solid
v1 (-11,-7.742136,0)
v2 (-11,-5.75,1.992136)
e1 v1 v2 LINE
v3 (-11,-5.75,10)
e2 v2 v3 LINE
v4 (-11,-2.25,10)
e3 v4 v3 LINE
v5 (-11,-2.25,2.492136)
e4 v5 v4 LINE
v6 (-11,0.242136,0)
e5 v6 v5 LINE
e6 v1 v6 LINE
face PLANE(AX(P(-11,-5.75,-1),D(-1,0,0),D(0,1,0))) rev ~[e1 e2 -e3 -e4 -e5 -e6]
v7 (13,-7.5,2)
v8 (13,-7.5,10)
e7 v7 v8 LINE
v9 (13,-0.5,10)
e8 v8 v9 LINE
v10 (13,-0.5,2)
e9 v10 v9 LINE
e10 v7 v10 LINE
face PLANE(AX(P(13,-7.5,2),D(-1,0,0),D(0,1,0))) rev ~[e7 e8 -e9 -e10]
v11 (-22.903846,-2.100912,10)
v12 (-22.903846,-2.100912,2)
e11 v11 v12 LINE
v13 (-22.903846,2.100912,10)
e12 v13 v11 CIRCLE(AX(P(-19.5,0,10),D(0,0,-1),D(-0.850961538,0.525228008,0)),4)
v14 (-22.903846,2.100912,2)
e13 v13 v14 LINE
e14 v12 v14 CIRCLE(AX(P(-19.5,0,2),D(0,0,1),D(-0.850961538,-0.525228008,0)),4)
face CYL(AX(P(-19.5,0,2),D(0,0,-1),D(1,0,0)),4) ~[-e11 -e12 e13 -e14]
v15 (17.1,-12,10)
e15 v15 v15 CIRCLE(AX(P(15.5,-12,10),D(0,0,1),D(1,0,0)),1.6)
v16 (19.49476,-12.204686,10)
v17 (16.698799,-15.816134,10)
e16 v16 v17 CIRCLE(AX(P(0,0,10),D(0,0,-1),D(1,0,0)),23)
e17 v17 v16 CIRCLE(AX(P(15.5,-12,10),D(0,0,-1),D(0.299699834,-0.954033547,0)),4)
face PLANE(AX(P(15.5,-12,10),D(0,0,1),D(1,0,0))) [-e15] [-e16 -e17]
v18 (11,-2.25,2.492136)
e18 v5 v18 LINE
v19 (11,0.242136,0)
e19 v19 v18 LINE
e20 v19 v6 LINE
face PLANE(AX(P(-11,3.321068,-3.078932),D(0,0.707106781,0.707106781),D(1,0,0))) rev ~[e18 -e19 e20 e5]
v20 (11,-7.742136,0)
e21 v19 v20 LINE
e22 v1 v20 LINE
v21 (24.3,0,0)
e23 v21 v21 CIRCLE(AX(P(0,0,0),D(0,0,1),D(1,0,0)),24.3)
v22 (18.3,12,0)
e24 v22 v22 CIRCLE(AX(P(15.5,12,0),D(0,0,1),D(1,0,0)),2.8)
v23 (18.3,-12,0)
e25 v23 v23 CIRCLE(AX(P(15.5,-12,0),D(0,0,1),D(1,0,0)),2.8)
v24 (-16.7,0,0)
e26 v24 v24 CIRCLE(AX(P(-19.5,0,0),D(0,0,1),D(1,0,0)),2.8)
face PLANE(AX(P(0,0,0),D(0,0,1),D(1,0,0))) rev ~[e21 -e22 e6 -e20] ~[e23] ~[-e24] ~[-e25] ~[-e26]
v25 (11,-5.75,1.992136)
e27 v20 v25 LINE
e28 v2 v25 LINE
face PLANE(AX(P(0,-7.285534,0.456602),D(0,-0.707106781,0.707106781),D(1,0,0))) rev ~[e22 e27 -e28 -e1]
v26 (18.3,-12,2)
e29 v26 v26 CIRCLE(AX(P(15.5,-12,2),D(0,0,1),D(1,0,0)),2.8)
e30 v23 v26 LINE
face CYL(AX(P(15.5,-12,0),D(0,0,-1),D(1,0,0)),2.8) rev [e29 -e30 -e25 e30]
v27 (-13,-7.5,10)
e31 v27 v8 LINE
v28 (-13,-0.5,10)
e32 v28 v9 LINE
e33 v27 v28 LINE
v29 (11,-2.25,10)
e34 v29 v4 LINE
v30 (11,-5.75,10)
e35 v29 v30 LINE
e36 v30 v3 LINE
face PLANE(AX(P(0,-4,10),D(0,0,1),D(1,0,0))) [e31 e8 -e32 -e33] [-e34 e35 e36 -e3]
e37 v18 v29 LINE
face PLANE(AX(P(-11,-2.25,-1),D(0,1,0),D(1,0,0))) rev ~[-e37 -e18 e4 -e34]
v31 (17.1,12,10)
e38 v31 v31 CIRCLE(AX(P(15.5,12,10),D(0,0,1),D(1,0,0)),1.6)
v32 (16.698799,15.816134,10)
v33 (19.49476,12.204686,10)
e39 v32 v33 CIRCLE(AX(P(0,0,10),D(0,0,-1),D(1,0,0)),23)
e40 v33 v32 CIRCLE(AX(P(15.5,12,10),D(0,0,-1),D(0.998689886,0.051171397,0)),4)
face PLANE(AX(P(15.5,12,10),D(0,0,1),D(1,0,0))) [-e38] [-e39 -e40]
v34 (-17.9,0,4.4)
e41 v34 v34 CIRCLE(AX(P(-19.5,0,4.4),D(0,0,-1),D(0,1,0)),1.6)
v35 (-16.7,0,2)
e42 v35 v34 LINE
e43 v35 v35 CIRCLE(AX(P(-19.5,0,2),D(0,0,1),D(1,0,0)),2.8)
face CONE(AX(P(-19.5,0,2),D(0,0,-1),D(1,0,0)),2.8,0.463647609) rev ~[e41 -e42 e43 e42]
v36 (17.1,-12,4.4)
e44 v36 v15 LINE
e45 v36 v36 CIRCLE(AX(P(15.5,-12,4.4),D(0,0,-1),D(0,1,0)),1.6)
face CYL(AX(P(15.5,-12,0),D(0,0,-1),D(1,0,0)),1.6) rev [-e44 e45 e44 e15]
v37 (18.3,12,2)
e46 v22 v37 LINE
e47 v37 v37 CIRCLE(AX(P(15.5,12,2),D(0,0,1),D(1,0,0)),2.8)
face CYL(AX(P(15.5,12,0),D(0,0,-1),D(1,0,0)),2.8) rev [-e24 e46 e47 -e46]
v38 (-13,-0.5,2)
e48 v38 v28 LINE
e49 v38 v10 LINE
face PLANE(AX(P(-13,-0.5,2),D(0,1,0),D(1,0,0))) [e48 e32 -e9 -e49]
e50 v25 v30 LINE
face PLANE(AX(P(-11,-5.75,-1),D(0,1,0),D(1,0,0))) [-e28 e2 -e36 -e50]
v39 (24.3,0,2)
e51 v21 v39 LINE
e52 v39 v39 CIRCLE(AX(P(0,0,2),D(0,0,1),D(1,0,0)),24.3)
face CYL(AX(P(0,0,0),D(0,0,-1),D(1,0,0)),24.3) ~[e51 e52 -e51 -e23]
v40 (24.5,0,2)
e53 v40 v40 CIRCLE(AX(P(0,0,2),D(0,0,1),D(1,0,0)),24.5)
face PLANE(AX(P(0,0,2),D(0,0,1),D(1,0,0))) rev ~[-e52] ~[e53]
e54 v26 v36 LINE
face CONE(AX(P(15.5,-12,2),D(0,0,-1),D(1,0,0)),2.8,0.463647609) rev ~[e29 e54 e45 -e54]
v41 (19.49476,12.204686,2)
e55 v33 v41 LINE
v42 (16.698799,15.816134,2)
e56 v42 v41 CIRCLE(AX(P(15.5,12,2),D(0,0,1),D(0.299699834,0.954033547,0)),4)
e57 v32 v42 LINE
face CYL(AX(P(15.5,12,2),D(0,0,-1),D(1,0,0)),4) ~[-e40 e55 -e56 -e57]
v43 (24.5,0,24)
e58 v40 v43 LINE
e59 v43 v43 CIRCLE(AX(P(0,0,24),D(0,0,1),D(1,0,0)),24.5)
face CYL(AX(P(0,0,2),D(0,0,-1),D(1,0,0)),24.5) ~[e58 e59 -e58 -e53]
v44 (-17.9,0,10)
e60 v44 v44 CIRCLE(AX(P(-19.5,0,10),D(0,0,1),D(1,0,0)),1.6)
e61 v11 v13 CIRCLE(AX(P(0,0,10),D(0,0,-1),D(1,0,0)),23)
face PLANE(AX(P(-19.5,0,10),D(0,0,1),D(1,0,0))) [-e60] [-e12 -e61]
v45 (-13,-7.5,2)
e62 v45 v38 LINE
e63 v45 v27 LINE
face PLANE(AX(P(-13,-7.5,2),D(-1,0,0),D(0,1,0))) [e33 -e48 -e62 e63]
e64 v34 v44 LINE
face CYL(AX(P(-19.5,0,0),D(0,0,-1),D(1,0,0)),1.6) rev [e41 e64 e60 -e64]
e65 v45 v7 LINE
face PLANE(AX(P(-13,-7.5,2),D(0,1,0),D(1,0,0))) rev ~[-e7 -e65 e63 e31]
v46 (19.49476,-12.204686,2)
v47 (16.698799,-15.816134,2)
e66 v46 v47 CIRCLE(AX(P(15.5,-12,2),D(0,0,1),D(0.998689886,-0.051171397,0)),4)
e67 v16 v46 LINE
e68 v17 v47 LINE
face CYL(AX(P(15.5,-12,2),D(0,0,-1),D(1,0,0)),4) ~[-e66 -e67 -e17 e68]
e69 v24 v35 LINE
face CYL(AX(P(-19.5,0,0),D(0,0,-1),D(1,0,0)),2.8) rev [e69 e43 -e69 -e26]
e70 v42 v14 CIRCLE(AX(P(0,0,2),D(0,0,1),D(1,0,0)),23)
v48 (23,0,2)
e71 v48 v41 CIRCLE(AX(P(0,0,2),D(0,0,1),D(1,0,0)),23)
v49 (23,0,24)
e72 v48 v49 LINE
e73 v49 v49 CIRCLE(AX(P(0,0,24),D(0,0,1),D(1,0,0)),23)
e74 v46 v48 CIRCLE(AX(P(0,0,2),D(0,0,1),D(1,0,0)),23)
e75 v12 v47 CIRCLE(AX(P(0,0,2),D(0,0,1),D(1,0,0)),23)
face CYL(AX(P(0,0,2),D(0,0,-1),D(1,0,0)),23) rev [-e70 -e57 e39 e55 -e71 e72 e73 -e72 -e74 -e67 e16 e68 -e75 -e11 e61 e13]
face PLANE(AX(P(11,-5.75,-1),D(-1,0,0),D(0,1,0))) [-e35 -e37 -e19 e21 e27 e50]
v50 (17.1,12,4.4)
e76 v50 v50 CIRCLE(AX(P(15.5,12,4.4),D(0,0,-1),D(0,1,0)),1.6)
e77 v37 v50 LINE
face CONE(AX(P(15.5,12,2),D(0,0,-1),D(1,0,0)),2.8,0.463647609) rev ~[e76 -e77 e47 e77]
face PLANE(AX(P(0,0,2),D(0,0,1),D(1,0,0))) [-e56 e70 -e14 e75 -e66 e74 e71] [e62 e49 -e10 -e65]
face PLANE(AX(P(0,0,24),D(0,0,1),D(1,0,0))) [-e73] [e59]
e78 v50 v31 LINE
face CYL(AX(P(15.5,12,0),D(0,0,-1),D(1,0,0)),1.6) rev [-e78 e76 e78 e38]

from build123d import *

# Parameters (mm, degrees)
BOX002_W               = 22
BOX002_H               = 10
BOX002_DEPTH           = 10
BOX002_PLACEMENT_ANGLE = 45
CYLINDER010_R          = 1.6
CYLINDER010_DEPTH      = 10
CYLINDER009_R          = 2.8
CYLINDER009_DEPTH      = 2
CYLINDER008_R          = 4
CYLINDER008_DEPTH      = 8
CYLINDER007_R          = 1.6
CYLINDER007_DEPTH      = 10
CYLINDER006_R          = 2.8
CYLINDER006_DEPTH      = 2
CYLINDER005_R          = 4
CYLINDER005_DEPTH      = 8
CYLINDER004_R          = 1.6
CYLINDER004_DEPTH      = 10
CYLINDER003_R          = 2.8
CYLINDER003_DEPTH      = 2
CYLINDER001_R          = 4
CYLINDER001_DEPTH      = 8
BOX001_W               = 22
BOX001_H               = 3.5
BOX001_DEPTH           = 15
BOX_W                  = 26
BOX_H                  = 7
BOX_DEPTH              = 8
TUBE_R                 = 24.5
TUBE_R_2               = 23
TUBE_DEPTH             = 22
CYLINDER_R             = 24.3
CYLINDER_DEPTH         = 2


with BuildPart() as box002:
    # Box002 → Box002 (new body)
    with BuildSketch(Plane.XY):
        with Locations((11, 5)):
            Rectangle(BOX002_W, BOX002_H)
    extrude(amount=BOX002_DEPTH)


with BuildPart() as box002_1:
    # Box002 placement: moved
    add(box002.part.moved(Location((-11, -3.75, -10.15))).rotate(Axis((-11, -3.75, -10.15), (1, 0, 0)), BOX002_PLACEMENT_ANGLE))


with BuildPart() as cylinder010:
    # Cylinder010 → Cylinder010 (new body)
    with BuildSketch(Plane(origin=(15.5, -12, 0), x_dir=(1, 0, 0), z_dir=(0, 0, 1))):
        Circle(CYLINDER010_R)
    extrude(amount=CYLINDER010_DEPTH)


with BuildPart() as cone002:
    # Cone002 → Cone002 (revolve)
    with BuildSketch(Plane(origin=(15.5, -12, 2), x_dir=(1, 0, 0), z_dir=(0, -1, 0))):
        Polygon((0, 0), (2.8, 0), (0, 5.6), align=None)
    revolve(axis=Axis((15.5, -12, 2), (0, 0, 1)))


with BuildPart() as cylinder009:
    # Cylinder009 → Cylinder009 (new body)
    with BuildSketch(Plane(origin=(15.5, -12, 0), x_dir=(1, 0, 0), z_dir=(0, 0, 1))):
        Circle(CYLINDER009_R)
    extrude(amount=CYLINDER009_DEPTH)


with BuildPart() as cylinder008:
    # Cylinder008 → Cylinder008 (new body)
    with BuildSketch(Plane(origin=(15.5, -12, 2), x_dir=(1, 0, 0), z_dir=(0, 0, 1))):
        Circle(CYLINDER008_R)
    extrude(amount=CYLINDER008_DEPTH)


with BuildPart() as cylinder007:
    # Cylinder007 → Cylinder007 (new body)
    with BuildSketch(Plane(origin=(15.5, 12, 0), x_dir=(1, 0, 0), z_dir=(0, 0, 1))):
        Circle(CYLINDER007_R)
    extrude(amount=CYLINDER007_DEPTH)


with BuildPart() as cone001:
    # Cone001 → Cone001 (revolve)
    with BuildSketch(Plane(origin=(15.5, 12, 2), x_dir=(1, 0, 0), z_dir=(0, -1, 0))):
        Polygon((0, 0), (2.8, 0), (0, 5.6), align=None)
    revolve(axis=Axis((15.5, 12, 2), (0, 0, 1)))


with BuildPart() as cylinder006:
    # Cylinder006 → Cylinder006 (new body)
    with BuildSketch(Plane(origin=(15.5, 12, 0), x_dir=(1, 0, 0), z_dir=(0, 0, 1))):
        Circle(CYLINDER006_R)
    extrude(amount=CYLINDER006_DEPTH)


with BuildPart() as cylinder005:
    # Cylinder005 → Cylinder005 (new body)
    with BuildSketch(Plane(origin=(15.5, 12, 2), x_dir=(1, 0, 0), z_dir=(0, 0, 1))):
        Circle(CYLINDER005_R)
    extrude(amount=CYLINDER005_DEPTH)


with BuildPart() as cylinder004:
    # Cylinder004 → Cylinder004 (new body)
    with BuildSketch(Plane(origin=(-19.5, 0, 0), x_dir=(1, 0, 0), z_dir=(0, 0, 1))):
        Circle(CYLINDER004_R)
    extrude(amount=CYLINDER004_DEPTH)


with BuildPart() as cone:
    # Cone → Cone (revolve)
    with BuildSketch(Plane(origin=(-19.5, 0, 2), x_dir=(1, 0, 0), z_dir=(0, -1, 0))):
        Polygon((0, 0), (2.8, 0), (0, 5.6), align=None)
    revolve(axis=Axis((-19.5, 0, 2), (0, 0, 1)))


with BuildPart() as cylinder003:
    # Cylinder003 → Cylinder003 (new body)
    with BuildSketch(Plane(origin=(-19.5, 0, 0), x_dir=(1, 0, 0), z_dir=(0, 0, 1))):
        Circle(CYLINDER003_R)
    extrude(amount=CYLINDER003_DEPTH)


with BuildPart() as cylinder001:
    # Cylinder001 → Cylinder001 (new body)
    with BuildSketch(Plane(origin=(-19.5, 0, 2), x_dir=(1, 0, 0), z_dir=(0, 0, 1))):
        Circle(CYLINDER001_R)
    extrude(amount=CYLINDER001_DEPTH)


with BuildPart() as box001:
    # Box001 → Box001 (new body)
    with BuildSketch(Plane(origin=(-11, -5.75, -1), x_dir=(1, 0, 0), z_dir=(0, 0, 1))):
        with Locations((11, 1.75)):
            Rectangle(BOX001_W, BOX001_H)
    extrude(amount=BOX001_DEPTH)


with BuildPart() as box:
    # Box → Box (new body)
    with BuildSketch(Plane(origin=(-13, -7.5, 2), x_dir=(1, 0, 0), z_dir=(0, 0, 1))):
        with Locations((13, 3.5)):
            Rectangle(BOX_W, BOX_H)
    extrude(amount=BOX_DEPTH)


with BuildPart() as tube:
    # Tube → Tube (new body)
    with BuildSketch(Plane.XY.offset(2)):
        Circle(TUBE_R)
        Circle(TUBE_R_2, mode=Mode.SUBTRACT)
    extrude(amount=TUBE_DEPTH)


with BuildPart() as cut010:
    # Cylinder → Cylinder (new body)
    with BuildSketch(Plane.XY):
        Circle(CYLINDER_R)
    extrude(amount=CYLINDER_DEPTH)

    # Fusion: union Tube
    add(tube.part)

    # Fusion001: union Box
    add(box.part)

    # Cut: cut Box001
    add(box001.part, mode=Mode.SUBTRACT)

    # Fusion002: union Cylinder001
    add(cylinder001.part)

    # Cut001: cut Cylinder003
    add(cylinder003.part, mode=Mode.SUBTRACT)

    # Cut002: cut Cone
    add(cone.part, mode=Mode.SUBTRACT)

    # Cut003: cut Cylinder004
    add(cylinder004.part, mode=Mode.SUBTRACT)

    # Fusion003: union Cylinder005
    add(cylinder005.part)

    # Cut004: cut Cylinder006
    add(cylinder006.part, mode=Mode.SUBTRACT)

    # Cut005: cut Cone001
    add(cone001.part, mode=Mode.SUBTRACT)

    # Cut006: cut Cylinder007
    add(cylinder007.part, mode=Mode.SUBTRACT)

    # Fusion004: union Cylinder008
    add(cylinder008.part)

    # Cut007: cut Cylinder009
    add(cylinder009.part, mode=Mode.SUBTRACT)

    # Cut008: cut Cone002
    add(cone002.part, mode=Mode.SUBTRACT)

    # Cut009: cut Cylinder010
    add(cylinder010.part, mode=Mode.SUBTRACT)

    # Cut010: cut Box002
    add(box002_1.part, mode=Mode.SUBTRACT)


solid = cut010.part
